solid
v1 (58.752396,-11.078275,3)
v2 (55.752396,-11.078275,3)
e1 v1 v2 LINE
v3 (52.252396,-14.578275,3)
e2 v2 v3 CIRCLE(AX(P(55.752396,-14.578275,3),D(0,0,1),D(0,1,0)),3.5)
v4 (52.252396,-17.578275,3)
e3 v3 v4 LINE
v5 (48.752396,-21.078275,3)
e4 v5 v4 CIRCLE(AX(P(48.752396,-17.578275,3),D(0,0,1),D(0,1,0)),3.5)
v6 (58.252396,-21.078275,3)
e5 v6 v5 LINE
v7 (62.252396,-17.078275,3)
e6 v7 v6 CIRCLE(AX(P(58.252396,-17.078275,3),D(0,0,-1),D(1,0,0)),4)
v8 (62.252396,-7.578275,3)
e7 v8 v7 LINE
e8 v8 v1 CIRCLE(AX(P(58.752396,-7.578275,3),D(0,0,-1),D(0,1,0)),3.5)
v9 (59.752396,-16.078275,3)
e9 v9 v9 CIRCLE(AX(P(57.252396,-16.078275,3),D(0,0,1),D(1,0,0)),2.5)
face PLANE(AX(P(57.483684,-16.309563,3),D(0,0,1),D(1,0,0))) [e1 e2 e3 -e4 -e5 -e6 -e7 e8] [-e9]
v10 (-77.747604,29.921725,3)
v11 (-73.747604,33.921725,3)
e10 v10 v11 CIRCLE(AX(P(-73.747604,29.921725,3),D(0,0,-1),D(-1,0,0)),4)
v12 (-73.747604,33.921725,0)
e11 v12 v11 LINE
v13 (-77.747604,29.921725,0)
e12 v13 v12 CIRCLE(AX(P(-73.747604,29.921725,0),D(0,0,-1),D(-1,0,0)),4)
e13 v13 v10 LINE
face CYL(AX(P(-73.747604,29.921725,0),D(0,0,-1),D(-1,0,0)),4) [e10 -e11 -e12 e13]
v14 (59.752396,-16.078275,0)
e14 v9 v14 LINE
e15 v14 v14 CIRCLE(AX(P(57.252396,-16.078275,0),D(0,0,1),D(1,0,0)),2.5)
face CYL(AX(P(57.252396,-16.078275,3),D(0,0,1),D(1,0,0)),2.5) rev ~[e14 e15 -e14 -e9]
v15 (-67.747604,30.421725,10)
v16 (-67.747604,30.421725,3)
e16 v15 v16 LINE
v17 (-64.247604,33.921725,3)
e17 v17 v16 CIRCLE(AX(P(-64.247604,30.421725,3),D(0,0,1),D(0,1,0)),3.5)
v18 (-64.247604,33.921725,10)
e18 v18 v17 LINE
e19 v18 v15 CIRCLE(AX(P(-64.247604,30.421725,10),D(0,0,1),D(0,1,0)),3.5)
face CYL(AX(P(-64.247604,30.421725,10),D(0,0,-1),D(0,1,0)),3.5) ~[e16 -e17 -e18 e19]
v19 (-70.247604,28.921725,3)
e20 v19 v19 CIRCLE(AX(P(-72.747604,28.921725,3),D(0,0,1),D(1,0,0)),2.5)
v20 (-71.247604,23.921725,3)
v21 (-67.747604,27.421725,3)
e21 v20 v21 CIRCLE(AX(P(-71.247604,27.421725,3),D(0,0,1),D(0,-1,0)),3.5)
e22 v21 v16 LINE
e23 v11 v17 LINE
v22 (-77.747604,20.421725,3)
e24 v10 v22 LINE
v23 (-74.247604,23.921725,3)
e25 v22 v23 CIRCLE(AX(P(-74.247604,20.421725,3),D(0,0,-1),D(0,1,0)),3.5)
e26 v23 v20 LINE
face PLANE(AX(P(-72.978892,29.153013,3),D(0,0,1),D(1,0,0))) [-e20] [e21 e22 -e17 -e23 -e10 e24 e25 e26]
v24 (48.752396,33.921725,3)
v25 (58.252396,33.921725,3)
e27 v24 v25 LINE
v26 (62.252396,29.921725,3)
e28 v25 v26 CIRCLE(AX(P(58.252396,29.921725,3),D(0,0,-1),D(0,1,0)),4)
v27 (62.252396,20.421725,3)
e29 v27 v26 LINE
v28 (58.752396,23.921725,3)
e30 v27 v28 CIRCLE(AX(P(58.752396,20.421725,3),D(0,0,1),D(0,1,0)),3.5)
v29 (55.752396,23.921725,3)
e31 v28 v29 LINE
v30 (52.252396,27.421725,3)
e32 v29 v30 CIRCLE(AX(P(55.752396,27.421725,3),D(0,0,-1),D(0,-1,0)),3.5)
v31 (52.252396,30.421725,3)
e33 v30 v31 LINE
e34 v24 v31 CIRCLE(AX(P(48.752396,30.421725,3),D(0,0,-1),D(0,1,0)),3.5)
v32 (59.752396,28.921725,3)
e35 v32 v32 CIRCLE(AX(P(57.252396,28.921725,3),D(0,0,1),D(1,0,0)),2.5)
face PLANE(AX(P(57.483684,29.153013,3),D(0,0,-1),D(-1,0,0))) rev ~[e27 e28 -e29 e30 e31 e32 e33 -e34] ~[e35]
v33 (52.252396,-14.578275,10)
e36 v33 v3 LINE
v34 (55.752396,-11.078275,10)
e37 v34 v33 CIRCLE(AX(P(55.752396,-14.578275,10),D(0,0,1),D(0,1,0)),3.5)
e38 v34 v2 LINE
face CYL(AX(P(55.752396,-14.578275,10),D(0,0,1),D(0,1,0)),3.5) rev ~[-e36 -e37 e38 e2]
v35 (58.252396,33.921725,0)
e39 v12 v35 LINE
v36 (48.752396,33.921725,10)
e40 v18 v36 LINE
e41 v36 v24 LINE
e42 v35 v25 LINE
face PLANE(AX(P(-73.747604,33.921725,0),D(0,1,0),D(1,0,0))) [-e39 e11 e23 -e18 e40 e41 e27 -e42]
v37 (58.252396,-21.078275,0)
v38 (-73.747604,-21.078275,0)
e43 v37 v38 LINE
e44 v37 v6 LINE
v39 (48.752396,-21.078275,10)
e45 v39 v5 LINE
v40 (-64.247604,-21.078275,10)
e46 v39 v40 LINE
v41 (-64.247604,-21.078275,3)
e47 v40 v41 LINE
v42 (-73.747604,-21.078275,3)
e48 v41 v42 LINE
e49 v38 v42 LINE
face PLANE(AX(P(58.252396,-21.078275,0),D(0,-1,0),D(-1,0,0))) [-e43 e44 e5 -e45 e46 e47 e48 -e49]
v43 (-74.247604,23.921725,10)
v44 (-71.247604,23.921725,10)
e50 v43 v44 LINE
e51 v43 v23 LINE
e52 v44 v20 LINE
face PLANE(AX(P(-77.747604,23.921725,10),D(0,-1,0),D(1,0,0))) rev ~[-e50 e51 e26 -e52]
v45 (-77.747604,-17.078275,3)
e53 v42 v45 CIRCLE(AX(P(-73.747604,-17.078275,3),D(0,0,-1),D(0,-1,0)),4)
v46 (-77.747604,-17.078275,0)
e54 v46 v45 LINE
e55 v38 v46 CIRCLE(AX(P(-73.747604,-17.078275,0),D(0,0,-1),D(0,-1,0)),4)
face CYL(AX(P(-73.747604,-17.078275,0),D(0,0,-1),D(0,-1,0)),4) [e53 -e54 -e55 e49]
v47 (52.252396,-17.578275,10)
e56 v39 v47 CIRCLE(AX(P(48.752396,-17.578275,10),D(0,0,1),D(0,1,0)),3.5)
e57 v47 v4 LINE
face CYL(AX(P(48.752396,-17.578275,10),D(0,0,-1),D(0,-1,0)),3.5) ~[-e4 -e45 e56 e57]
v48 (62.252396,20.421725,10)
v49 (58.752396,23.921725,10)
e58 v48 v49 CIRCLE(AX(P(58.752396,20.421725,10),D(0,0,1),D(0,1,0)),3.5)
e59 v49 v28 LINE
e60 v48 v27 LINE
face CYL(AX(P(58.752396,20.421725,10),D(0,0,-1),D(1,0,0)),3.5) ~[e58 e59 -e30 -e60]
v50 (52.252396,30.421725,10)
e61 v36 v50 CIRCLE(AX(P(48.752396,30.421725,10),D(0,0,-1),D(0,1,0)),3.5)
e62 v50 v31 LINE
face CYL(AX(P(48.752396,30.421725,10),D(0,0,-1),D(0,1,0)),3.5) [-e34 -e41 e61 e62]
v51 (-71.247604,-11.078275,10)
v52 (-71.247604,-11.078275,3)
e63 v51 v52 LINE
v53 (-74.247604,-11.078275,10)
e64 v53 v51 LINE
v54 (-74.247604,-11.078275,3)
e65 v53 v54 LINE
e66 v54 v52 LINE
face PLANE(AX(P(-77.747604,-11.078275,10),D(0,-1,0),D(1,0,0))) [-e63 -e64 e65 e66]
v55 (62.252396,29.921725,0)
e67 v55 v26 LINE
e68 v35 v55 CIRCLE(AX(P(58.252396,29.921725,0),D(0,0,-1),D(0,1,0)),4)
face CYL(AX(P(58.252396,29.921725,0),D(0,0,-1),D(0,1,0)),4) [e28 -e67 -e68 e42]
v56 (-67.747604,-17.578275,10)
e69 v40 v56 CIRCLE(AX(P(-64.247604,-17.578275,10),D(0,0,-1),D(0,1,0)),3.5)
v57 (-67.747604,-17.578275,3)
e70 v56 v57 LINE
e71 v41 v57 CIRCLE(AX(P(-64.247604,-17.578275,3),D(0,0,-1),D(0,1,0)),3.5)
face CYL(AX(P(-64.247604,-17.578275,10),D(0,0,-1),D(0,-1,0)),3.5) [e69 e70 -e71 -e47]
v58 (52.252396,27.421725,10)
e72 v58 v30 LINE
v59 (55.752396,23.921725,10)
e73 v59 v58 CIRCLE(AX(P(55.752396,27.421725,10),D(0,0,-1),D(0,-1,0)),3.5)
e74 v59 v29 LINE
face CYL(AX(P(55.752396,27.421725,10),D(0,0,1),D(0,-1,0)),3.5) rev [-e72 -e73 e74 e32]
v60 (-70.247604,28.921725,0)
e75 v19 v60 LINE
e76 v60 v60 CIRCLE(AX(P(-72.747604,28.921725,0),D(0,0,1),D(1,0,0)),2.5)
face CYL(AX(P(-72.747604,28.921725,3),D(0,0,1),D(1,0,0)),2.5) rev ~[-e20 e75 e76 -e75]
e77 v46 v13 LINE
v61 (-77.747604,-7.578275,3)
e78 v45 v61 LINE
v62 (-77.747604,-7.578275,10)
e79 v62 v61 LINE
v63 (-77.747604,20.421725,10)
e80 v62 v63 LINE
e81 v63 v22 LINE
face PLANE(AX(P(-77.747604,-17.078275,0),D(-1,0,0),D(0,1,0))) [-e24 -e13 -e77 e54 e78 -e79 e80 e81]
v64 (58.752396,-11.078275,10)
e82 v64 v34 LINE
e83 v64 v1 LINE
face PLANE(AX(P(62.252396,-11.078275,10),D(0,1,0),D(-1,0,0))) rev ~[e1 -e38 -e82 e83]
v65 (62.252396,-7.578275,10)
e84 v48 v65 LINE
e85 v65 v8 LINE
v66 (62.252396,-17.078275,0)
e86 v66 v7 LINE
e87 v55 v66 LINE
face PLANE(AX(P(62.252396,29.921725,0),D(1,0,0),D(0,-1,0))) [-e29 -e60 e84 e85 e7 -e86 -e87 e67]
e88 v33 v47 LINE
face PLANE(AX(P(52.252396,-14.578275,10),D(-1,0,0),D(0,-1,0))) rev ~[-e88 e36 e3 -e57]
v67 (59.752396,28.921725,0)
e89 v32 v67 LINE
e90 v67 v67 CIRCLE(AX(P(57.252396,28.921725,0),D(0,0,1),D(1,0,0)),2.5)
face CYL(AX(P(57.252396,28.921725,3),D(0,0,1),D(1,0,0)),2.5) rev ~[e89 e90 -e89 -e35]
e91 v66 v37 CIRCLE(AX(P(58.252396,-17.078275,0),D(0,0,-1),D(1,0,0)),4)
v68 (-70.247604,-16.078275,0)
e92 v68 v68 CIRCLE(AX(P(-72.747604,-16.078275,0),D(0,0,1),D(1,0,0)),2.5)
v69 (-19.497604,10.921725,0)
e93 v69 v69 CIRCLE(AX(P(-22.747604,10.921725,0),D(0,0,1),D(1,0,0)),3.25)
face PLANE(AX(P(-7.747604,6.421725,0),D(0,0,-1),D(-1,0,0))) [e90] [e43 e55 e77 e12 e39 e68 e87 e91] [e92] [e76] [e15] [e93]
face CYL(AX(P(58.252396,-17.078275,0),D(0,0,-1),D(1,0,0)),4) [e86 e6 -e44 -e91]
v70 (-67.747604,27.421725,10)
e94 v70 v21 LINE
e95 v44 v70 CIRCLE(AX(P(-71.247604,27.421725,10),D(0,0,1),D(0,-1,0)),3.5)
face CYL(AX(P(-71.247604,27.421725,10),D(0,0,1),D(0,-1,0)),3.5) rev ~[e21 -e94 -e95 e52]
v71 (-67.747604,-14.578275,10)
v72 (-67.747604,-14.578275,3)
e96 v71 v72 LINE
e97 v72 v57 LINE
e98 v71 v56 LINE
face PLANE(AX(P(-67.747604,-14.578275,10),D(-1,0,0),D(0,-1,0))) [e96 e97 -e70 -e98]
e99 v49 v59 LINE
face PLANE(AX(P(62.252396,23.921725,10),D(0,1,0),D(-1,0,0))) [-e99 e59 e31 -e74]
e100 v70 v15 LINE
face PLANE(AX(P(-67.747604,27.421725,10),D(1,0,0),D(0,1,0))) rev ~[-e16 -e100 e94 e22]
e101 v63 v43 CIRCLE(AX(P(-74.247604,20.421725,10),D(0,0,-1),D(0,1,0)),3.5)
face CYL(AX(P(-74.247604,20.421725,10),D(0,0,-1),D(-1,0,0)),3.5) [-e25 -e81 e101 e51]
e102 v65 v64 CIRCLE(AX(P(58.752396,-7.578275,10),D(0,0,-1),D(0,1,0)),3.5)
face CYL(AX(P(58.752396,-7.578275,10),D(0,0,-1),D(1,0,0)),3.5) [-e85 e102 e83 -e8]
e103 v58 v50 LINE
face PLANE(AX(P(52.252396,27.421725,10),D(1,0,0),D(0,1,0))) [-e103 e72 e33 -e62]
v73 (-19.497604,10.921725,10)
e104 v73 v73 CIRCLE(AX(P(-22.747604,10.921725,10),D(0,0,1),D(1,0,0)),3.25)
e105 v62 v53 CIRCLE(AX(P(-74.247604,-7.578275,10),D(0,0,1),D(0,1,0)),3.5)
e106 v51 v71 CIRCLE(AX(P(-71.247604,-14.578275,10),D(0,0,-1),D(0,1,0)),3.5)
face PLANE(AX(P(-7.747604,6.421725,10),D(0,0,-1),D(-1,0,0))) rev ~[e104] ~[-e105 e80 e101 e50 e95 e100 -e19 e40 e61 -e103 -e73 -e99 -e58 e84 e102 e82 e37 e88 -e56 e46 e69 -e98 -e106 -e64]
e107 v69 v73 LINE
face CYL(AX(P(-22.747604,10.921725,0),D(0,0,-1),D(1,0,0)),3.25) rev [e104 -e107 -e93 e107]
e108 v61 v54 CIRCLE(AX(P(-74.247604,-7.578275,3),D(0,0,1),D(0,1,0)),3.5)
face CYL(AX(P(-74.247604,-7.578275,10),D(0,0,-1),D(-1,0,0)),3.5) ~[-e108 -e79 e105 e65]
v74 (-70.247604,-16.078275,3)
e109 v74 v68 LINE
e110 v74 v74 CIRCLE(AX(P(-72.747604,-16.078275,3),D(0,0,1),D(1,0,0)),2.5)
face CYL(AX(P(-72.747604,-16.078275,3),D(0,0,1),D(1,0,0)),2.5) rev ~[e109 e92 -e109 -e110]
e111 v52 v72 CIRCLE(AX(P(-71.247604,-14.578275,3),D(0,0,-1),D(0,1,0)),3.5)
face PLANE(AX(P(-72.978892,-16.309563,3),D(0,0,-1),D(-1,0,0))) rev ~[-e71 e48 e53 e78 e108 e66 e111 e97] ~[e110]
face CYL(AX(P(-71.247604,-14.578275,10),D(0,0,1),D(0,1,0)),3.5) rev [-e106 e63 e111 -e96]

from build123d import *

# Parameters (mm, degrees)
SKETCH1_R           = 3.25
BOSS_EXTRUDE1_DEPTH = 10
CUT_EXTRUDE1_DEPTH  = 7
SKETCH3_R           = 2.5
CUT_EXTRUDE2_DEPTH  = 10
FILLET1_R           = 3.5


with BuildPart() as part:
    # Sketch1 → Boss-Extrude1 (new body)
    with BuildSketch(Plane.XY):
        with BuildLine():
            Line((-73.747603834, 33.92172524), (58.252396166, 33.92172524))
            ThreePointArc((58.252396166, 33.92172524), (61.080823291, 32.750152364), (62.252396166, 29.92172524))
            Line((62.252396166, 29.92172524), (62.252396166, -17.07827476))
            ThreePointArc((62.252396166, -17.07827476), (61.080823291, -19.906701885), (58.252396166, -21.07827476))
            Line((58.252396166, -21.07827476), (-73.747603834, -21.07827476))
            ThreePointArc((-73.747603834, -21.07827476), (-76.576030959, -19.906701885), (-77.747603834, -17.07827476))
            Line((-77.747603834, -17.07827476), (-77.747603834, 29.92172524))
            ThreePointArc((-77.747603834, 29.92172524), (-76.576030959, 32.750152364), (-73.747603834, 33.92172524))
        make_face()
        with Locations((-22.747603834, 10.92172524)):
            Circle(SKETCH1_R, mode=Mode.SUBTRACT)
    extrude(amount=BOSS_EXTRUDE1_DEPTH)

    # Sketch2 → Cut-Extrude1 (cut)
    with BuildSketch(Plane.XY.offset(10)):
        with BuildLine():
            Line((-77.747603834, 23.92172524), (-71.247603834, 23.92172524))
            ThreePointArc((-71.247603834, 23.92172524), (-68.7727301, 24.946851505), (-67.747603834, 27.42172524))
            Line((-67.747603834, 27.42172524), (-67.747603834, 33.92172524))
            Line((-67.747603834, 33.92172524), (-77.747603834, 33.92172524))
            Line((-77.747603834, 33.92172524), (-77.747603834, 23.92172524))
        make_face()
        with BuildLine():
            Line((-77.747603834, -11.07827476), (-71.247603834, -11.07827476))
            ThreePointArc((-71.247603834, -11.07827476), (-68.7727301, -12.103401026), (-67.747603834, -14.57827476))
            Line((-67.747603834, -14.57827476), (-67.747603834, -21.07827476))
            Line((-67.747603834, -21.07827476), (-77.747603834, -21.07827476))
            Line((-77.747603834, -21.07827476), (-77.747603834, -11.07827476))
        make_face()
        with BuildLine():
            Line((52.252396166, -21.07827476), (62.252396166, -21.07827476))
            Line((62.252396166, -21.07827476), (62.252396166, -11.07827476))
            Line((62.252396166, -11.07827476), (55.752396166, -11.07827476))
            ThreePointArc((55.752396166, -11.07827476), (53.277522432, -12.103401026), (52.252396166, -14.57827476))
            Line((52.252396166, -14.57827476), (52.252396166, -21.07827476))
        make_face()
        with BuildLine():
            Line((62.252396166, 23.92172524), (55.752396166, 23.92172524))
            ThreePointArc((55.752396166, 23.92172524), (53.277522432, 24.946851505), (52.252396166, 27.42172524))
            Line((52.252396166, 27.42172524), (52.252396166, 33.92172524))
            Line((52.252396166, 33.92172524), (62.252396166, 33.92172524))
            Line((62.252396166, 33.92172524), (62.252396166, 23.92172524))
        make_face()
    extrude(amount=-CUT_EXTRUDE1_DEPTH, mode=Mode.SUBTRACT)

    # Sketch3 → Cut-Extrude2 (cut)
    with BuildSketch(Plane.XY.offset(3)):
        with Locations((-72.747603834, 28.92172524)):
            Circle(SKETCH3_R)
        with Locations((57.252396166, 28.92172524)):
            Circle(SKETCH3_R)
        with Locations((57.252396166, -16.07827476)):
            Circle(SKETCH3_R)
        with Locations((-72.747603834, -16.07827476)):
            Circle(SKETCH3_R)
    extrude(amount=-CUT_EXTRUDE2_DEPTH, mode=Mode.SUBTRACT)

    # Fillet1
    fillet1_edges = [part.edges().sort_by_distance(p)[0] for p in [
        (52.252396166, 33.92172524, 6.5),
        (62.252396166, 23.92172524, 6.5),
        (62.252396166, -11.07827476, 6.5),
        (52.252396166, -21.07827476, 6.5),
        (-67.747603834, -21.07827476, 6.5),
        (-77.747603834, -11.07827476, 6.5),
        (-77.747603834, 23.92172524, 6.5),
        (-67.747603834, 33.92172524, 6.5),
    ]]
    fillet(fillet1_edges, radius=FILLET1_R)


solid = part.part
